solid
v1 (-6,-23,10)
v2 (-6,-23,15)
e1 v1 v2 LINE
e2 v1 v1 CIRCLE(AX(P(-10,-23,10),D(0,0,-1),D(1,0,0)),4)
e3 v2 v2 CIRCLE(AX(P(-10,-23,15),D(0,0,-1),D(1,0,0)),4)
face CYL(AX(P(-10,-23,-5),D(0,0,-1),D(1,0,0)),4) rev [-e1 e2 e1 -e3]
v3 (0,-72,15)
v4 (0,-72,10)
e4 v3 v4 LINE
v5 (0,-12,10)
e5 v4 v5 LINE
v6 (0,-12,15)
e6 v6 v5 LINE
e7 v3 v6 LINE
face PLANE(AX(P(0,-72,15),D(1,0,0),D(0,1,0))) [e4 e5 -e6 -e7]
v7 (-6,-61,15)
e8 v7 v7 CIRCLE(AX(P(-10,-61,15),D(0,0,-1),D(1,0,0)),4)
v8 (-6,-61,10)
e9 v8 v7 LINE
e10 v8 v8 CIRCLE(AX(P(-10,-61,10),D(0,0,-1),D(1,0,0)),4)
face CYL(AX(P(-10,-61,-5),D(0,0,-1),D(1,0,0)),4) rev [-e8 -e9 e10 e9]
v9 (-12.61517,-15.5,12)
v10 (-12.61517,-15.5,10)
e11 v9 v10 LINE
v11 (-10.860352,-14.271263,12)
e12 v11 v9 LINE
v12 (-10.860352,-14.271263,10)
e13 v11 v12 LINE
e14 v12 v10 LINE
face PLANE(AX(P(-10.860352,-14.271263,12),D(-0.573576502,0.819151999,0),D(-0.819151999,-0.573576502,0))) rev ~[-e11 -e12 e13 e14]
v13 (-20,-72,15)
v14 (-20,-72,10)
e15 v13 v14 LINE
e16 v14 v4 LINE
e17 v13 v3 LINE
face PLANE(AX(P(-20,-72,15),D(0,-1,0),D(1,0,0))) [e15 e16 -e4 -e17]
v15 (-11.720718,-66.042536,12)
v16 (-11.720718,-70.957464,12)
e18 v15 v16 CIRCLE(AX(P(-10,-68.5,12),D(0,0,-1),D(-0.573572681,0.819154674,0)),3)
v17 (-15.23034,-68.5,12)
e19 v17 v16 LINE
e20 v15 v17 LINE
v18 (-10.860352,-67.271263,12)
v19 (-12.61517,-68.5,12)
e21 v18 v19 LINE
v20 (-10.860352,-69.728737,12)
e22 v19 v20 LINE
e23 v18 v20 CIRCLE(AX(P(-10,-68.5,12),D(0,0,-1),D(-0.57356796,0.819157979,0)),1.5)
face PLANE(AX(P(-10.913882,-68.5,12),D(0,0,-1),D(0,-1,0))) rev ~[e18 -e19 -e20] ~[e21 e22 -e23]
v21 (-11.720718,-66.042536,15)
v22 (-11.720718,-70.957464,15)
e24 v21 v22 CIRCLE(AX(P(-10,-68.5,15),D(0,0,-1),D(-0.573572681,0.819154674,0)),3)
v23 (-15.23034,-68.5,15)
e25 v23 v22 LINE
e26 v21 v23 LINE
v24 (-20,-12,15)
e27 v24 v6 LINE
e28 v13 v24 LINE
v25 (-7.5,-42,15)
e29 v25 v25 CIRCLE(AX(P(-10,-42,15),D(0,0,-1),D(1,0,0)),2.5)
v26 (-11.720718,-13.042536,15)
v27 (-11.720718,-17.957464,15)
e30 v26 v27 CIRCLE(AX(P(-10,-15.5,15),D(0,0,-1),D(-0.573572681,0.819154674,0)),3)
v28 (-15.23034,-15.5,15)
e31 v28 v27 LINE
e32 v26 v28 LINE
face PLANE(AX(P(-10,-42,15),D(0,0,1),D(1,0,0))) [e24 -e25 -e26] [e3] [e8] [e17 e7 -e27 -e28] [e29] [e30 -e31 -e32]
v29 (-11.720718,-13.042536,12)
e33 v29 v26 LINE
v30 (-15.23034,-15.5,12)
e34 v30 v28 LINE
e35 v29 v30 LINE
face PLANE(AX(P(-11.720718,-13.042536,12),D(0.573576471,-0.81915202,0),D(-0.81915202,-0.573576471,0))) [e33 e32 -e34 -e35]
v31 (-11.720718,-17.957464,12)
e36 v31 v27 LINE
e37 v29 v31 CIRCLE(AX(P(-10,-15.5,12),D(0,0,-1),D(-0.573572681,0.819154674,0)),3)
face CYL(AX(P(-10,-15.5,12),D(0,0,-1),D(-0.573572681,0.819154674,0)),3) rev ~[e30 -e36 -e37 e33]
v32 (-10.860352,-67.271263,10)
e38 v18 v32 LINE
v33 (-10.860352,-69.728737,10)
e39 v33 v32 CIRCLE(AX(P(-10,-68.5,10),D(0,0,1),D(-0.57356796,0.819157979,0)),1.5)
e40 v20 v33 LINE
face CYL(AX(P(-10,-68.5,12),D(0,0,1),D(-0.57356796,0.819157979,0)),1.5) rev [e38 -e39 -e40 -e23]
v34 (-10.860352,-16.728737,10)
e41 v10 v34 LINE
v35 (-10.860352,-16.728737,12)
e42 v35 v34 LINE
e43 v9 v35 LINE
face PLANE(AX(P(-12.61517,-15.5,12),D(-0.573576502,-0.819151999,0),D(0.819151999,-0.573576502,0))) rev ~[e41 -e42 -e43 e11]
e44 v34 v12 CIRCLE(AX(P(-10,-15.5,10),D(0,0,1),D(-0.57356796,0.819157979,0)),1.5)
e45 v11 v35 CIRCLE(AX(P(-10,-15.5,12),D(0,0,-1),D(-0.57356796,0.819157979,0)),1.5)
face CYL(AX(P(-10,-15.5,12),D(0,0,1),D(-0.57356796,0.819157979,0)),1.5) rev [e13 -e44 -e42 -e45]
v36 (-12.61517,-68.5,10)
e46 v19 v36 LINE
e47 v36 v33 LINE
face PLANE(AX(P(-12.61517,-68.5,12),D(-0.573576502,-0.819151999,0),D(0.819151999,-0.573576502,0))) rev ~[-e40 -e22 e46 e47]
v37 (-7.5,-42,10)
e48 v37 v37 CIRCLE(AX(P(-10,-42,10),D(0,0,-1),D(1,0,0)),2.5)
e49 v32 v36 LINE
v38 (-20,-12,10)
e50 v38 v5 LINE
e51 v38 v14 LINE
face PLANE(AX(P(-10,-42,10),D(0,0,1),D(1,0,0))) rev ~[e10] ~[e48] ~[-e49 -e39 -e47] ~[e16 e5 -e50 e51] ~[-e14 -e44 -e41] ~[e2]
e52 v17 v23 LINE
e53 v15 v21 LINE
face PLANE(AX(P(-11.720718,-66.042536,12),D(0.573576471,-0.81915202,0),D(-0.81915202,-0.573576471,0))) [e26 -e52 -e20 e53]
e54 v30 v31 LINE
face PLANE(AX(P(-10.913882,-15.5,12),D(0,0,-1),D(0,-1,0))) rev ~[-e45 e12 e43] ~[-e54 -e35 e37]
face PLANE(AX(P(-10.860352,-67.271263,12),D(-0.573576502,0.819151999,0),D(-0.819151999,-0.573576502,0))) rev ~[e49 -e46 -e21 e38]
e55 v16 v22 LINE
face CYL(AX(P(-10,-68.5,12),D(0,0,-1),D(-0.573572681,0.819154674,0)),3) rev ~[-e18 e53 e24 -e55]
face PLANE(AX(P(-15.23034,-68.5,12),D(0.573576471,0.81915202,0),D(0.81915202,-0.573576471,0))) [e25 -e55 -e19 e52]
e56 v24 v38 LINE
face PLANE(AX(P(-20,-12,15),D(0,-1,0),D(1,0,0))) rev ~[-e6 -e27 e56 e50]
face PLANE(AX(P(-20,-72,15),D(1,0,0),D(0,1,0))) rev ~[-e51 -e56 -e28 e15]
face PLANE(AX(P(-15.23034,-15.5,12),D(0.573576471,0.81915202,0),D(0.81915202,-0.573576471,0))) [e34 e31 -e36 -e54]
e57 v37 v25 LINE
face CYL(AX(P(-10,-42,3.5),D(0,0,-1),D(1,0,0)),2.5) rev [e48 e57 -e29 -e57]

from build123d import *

# Parameters (mm, degrees)
PAD022_DEPTH             = 10
PAD023_DEPTH             = 20
CLONE091_PITCH_ANGLE     = 90
CLONE091_PLACEMENT_ANGLE = 90
CLONE090_ROLL_ANGLE      = 180
CLONE090_PLACEMENT_ANGLE = -90
CYLINDER1003_R           = 8
CYLINDER1003_DEPTH       = 5
CYLINDER1014_R           = 2.5
CYLINDER1014_DEPTH       = 100
CYLINDER1006_R           = 4
CYLINDER1006_DEPTH       = 70
ARRAY005_Y_COUNT         = 2
ARRAY005_Y_PITCH         = 38
PAD007_DEPTH             = 2.7
ARRAY002_Y_COUNT         = 2
ARRAY002_Y_PITCH         = 20
ARRAY001_Y_COUNT         = 2
ARRAY001_Y_PITCH         = 53
PAD020_DEPTH             = 10
PAD021_DEPTH             = 20
CLONE089_PLACEMENT_ANGLE = 90
ARRAY004_Y_COUNT         = 2
ARRAY004_Y_PITCH         = 20
CLONE088_ROLL_ANGLE      = 180
CLONE088_PLACEMENT_ANGLE = -90
ARRAY003_Y_COUNT         = 2
ARRAY003_Y_PITCH         = 53
PAD_DEPTH                = 20
CHAMFER_1_SIZE           = 16
CHAMFER_2_SIZE           = 5
SKETCH020_W              = 64
SKETCH020_H              = 45
POCKET_DEPTH             = 20.001
SKETCH021_W              = 52.5
SKETCH021_H              = 16
POCKET001_DEPTH          = 20.001
SKETCH022_W              = 25
SKETCH022_H              = 25
PAD019_DEPTH             = 50
CHAMFER017_SIZE          = 5
SKETCH023_W              = 20
SKETCH023_H              = 25
POCKET002_DEPTH          = 50.001
FILLET_1_R               = 4
FILLET_2_R               = 2
EXTRUDE_DEPTH            = 5
ARRAY_Z_COUNT            = 2
ARRAY_Z_PITCH            = 15
SKETCH025_W              = 20
SKETCH025_H              = 60
EXTRUDE001_DEPTH         = 5


with BuildPart() as m4tearbolt:
    # Sketch028 → Pad022 (new body)
    with BuildSketch(Plane.XY):
        with BuildLine():
            ThreePointArc((-3.2766, 2.294318), (0, -4), (3.2766, 2.294318))
            Line((0, 6.973787), (3.2766, 2.294318))
            Line((-3.2766, 2.294318), (0, 6.973787))
        make_face()
    extrude(amount=-PAD022_DEPTH)

    # Sketch029 → Pad023 (new body)
    with BuildSketch(Plane.XY):
        with BuildLine():
            ThreePointArc((-1.638314, 1.147138), (0, -2), (1.638314, 1.147138))
            Line((0, 3.486894), (1.638314, 1.147138))
            Line((-1.638314, 1.147138), (0, 3.486894))
        make_face()
    extrude(amount=PAD023_DEPTH)


with BuildPart() as clone_of_m4tearbolt001:
    # Clone091 base: copy of M4TearBolt
    add(m4tearbolt.part)


with BuildPart() as clone_of_m4tearbolt001_1:
    # Clone091 pitch: moved
    add(clone_of_m4tearbolt001.part.rotate(Axis((0, 0, 0), (0, 1, 0)), CLONE091_PITCH_ANGLE))


with BuildPart() as clone_of_m4tearbolt001_2:
    # Clone091 placement: moved
    add(clone_of_m4tearbolt001_1.part.moved(Location((-37, -15, 0))).rotate(Axis((-37, -15, 0), (0, 0, 1)), CLONE091_PLACEMENT_ANGLE))


with BuildPart() as clone_of_m4tearbolt:
    # Clone090 base: copy of M4TearBolt
    add(m4tearbolt.part)


with BuildPart() as clone_of_m4tearbolt_1:
    # Clone090 roll: moved
    add(clone_of_m4tearbolt.part.rotate(Axis((0, 0, 0), (1, 0, 0)), CLONE090_ROLL_ANGLE))


with BuildPart() as clone_of_m4tearbolt_2:
    # Clone090 placement: moved
    add(clone_of_m4tearbolt_1.part.moved(Location((-12, 0, 15))).rotate(Axis((-12, 0, 15), (0, 0, 1)), CLONE090_PLACEMENT_ANGLE))


with BuildPart() as clone_of_bearing625zzmaster:
    # Cylinder1003 → Cylinder1003 (new body)
    with BuildSketch(Plane.XY):
        Circle(CYLINDER1003_R)
    extrude(amount=CYLINDER1003_DEPTH)


with BuildPart() as clone_of_bearing625zzmaster_1:
    # Clone093 placement: moved
    add(clone_of_bearing625zzmaster.part.moved(Location((-10, -42, 5))))


with BuildPart() as f_5mmrodmaster:
    # Cylinder1014 → Cylinder1014 (new body)
    with BuildSketch(Plane.XY):
        Circle(CYLINDER1014_R)
    extrude(amount=CYLINDER1014_DEPTH)


with BuildPart() as clone_of_5mmrodmaster001:
    # Clone095 base: copy of 5mmRodMaster
    add(f_5mmrodmaster.part)


with BuildPart() as clone_of_5mmrodmaster001_1:
    # Clone095 placement: moved
    add(clone_of_5mmrodmaster001.part.moved(Location((-10, -18.5, 66))))


with BuildPart() as clone_of_5mmrodmaster:
    # Clone094 base: copy of 5mmRodMaster
    add(f_5mmrodmaster.part)


with BuildPart() as clone_of_5mmrodmaster_1:
    # Clone094 placement: moved
    add(clone_of_5mmrodmaster.part.moved(Location((-10, -42, 3.5))))


with BuildPart() as smrod:
    # Cylinder1006 → Cylinder1006 (new body)
    with BuildSketch(Plane.XY):
        Circle(CYLINDER1006_R)
    extrude(amount=CYLINDER1006_DEPTH)


with BuildPart() as smrod_1:
    # Clone092 placement: moved
    add(smrod.part.moved(Location((-10, -23, -5))))

    # Array005 Y: SmRod ×2


with BuildPart() as smrod_2:
    add(smrod_1.part)
    with Locations(*[(0, -i * ARRAY005_Y_PITCH, 0) for i in range(1, ARRAY005_Y_COUNT)]):
        add(smrod_1.part)


with BuildPart() as m3nuthousingmaster:
    # Sketch008 → Pad007 (new body)
    with BuildSketch(Plane.XY):
        Polygon((0, 0), (1.674316, 2.9), (21.674316, 2.9), (21.674316, -2.9), (1.674316, -2.9), align=None)
    extrude(amount=PAD007_DEPTH)


with BuildPart() as lowernuts:
    # Clone087 base: copy of M3NutHousingMaster
    add(m3nuthousingmaster.part)


with BuildPart() as lowernuts_1:
    # Clone087 placement: moved
    add(lowernuts.part.moved(Location((-15, -32, -8))))

    # Array002 Y: LowerNuts ×2


with BuildPart() as lowernuts_2:
    add(lowernuts_1.part)
    with Locations(*[(0, -i * ARRAY002_Y_PITCH, 0) for i in range(1, ARRAY002_Y_COUNT)]):
        add(lowernuts_1.part)


with BuildPart() as lowernuts_3:
    # Array002 placement: moved
    add(lowernuts_2.part.moved(Location((0, 0, 6))))


with BuildPart() as uppernuts:
    # Clone086 base: copy of M3NutHousingMaster
    add(m3nuthousingmaster.part)


with BuildPart() as uppernuts_1:
    # Clone086 placement: moved
    add(uppernuts.part.moved(Location((-14, -15.5, 3.5))))

    # Array001 Y: UpperNuts ×2


with BuildPart() as uppernuts_2:
    add(uppernuts_1.part)
    with Locations(*[(0, -i * ARRAY001_Y_PITCH, 0) for i in range(1, ARRAY001_Y_COUNT)]):
        add(uppernuts_1.part)


with BuildPart() as m3tearbolt:
    # Sketch026 → Pad020 (new body)
    with BuildSketch(Plane.XY):
        with BuildLine():
            ThreePointArc((-2.457464, 1.720718), (0, -3), (2.457464, 1.720718))
            Line((0, 5.23034), (2.457464, 1.720718))
            Line((-2.457464, 1.720718), (0, 5.23034))
        make_face()
    extrude(amount=-PAD020_DEPTH)

    # Sketch027 → Pad021 (new body)
    with BuildSketch(Plane.XY):
        with BuildLine():
            ThreePointArc((-1.228737, 0.860352), (0, -1.5), (1.228737, 0.860352))
            Line((0, 2.61517), (1.228737, 0.860352))
            Line((-1.228737, 0.860352), (0, 2.61517))
        make_face()
    extrude(amount=PAD021_DEPTH)


with BuildPart() as lowerbolts:
    # Clone089 base: copy of M3TearBolt
    add(m3tearbolt.part)


with BuildPart() as lowerbolts_1:
    # Clone089 placement: moved
    add(lowerbolts.part.moved(Location((-10.2, -32, -17))).rotate(Axis((-10.2, -32, -17), (0, 0, 1)), CLONE089_PLACEMENT_ANGLE))

    # Array004 Y: LowerBolts ×2


with BuildPart() as lowerbolts_2:
    add(lowerbolts_1.part)
    with Locations(*[(0, -i * ARRAY004_Y_PITCH, 0) for i in range(1, ARRAY004_Y_COUNT)]):
        add(lowerbolts_1.part)


with BuildPart() as upperbolts:
    # Clone088 base: copy of M3TearBolt
    add(m3tearbolt.part)


with BuildPart() as upperbolts_1:
    # Clone088 roll: moved
    add(upperbolts.part.rotate(Axis((0, 0, 0), (1, 0, 0)), CLONE088_ROLL_ANGLE))


with BuildPart() as upperbolts_2:
    # Clone088 placement: moved
    add(upperbolts_1.part.moved(Location((-10, -15.5, 12))).rotate(Axis((-10, -15.5, 12), (0, 0, 1)), CLONE088_PLACEMENT_ANGLE))

    # Array003 Y: UpperBolts ×2


with BuildPart() as upperbolts_3:
    add(upperbolts_2.part)
    with Locations(*[(0, -i * ARRAY003_Y_PITCH, 0) for i in range(1, ARRAY003_Y_COUNT)]):
        add(upperbolts_2.part)


with BuildPart() as nicefillet:
    # Sketch → Pad (new body)
    with BuildSketch(Plane.YZ):
        Polygon((0, 86), (-79, 86), (-79, -10), (-5, -10), (-5, 52.339746), (0, 61), align=None)
    extrude(amount=-PAD_DEPTH)

    # Chamfer 1
    chamfer_1_edges = [nicefillet.edges().sort_by_distance(p)[0] for p in [
        (-10, -79, 86),
    ]]
    chamfer(chamfer_1_edges, length=CHAMFER_1_SIZE)

    # Chamfer 2
    chamfer_2_edges = [nicefillet.edges().sort_by_distance(p)[0] for p in [
        (-10, 0, 86),
    ]]
    chamfer(chamfer_2_edges, length=CHAMFER_2_SIZE)

    # Sketch020 → Pocket (cut, through all)
    with BuildSketch(Plane.YZ):
        with Locations((-42, 37.5)):
            Rectangle(SKETCH020_W, SKETCH020_H)
    extrude(amount=-POCKET_DEPTH, mode=Mode.SUBTRACT)

    # Sketch021 → Pocket001 (cut, through all)
    with BuildSketch(Plane.YZ):
        with Locations((-33.75, 75.5)):
            Rectangle(SKETCH021_W, SKETCH021_H)
    extrude(amount=-POCKET001_DEPTH, mode=Mode.SUBTRACT)

    # Sketch022 → Pad019 (new body)
    with BuildSketch(Plane.YZ):
        with Locations((-2.5, 2.5)):
            Rectangle(SKETCH022_W, SKETCH022_H)
    extrude(amount=-PAD019_DEPTH)

    # Chamfer017
    chamfer017_edges = [nicefillet.edges().sort_by_distance(p)[0] for p in [
        (-10, -5, 15),
    ]]
    chamfer(chamfer017_edges, length=CHAMFER017_SIZE)

    # Sketch023 → Pocket002 (cut, through all)
    with BuildSketch(Plane.YZ):
        with Locations((0, -2.5)):
            Rectangle(SKETCH023_W, SKETCH023_H)
    extrude(amount=-POCKET002_DEPTH, mode=Mode.SUBTRACT)

    # Fillet 1
    fillet_1_edges = [nicefillet.edges().sort_by_distance(p)[0] for p in [
        (-35, -15, 15),
    ]]
    fillet(fillet_1_edges, radius=FILLET_1_R)

    # Fillet 2
    fillet_2_edges = [nicefillet.edges().sort_by_distance(p)[0] for p in [
        (-10, -5, 20),
        (-10, -5, 52.339746),
        (-10, 0, 15),
        (-10, 0, 61),
        (-10, 0, 81),
        (-10, -5, 86),
        (-10, -63, 86),
        (-10, -79, 70),
    ]]
    fillet(fillet_2_edges, radius=FILLET_2_R)


with BuildPart() as componentscut:
    # Sketch024 → Extrude (new body)
    with BuildSketch(Plane.XY.offset(15)):
        with BuildLine():
            Line((-42, -12), (-18, -12))
            Line((-18, -12), (-18, -67))
            add(Edge.make_bspline(
                [(-18, -67), (-21.374537, -28.653178), (-42, -12)],
                knots=[4.860682, 4.860682, 4.860682, 5.839233, 5.839233, 5.839233], degree=2, weights=[1, 0.882673, 1]))
        make_face()
    extrude(amount=-EXTRUDE_DEPTH)


with BuildPart() as componentscut_1:
    # Extrude placement: moved
    add(componentscut.part.moved(Location((0, 0, -5))))

    # Array Z: ComponentsCut ×2


with BuildPart() as componentscut_2:
    add(componentscut_1.part)
    with Locations(*[(0, 0, -i * ARRAY_Z_PITCH) for i in range(1, ARRAY_Z_COUNT)]):
        add(componentscut_1.part)

    # Fusion: union NiceFillet
    add(nicefillet.part)

    # Cut: cut UpperBolts
    add(upperbolts_3.part, mode=Mode.SUBTRACT)

    # Cut001: cut LowerBolts
    add(lowerbolts_2.part, mode=Mode.SUBTRACT)

    # Cut002: cut UpperNuts
    add(uppernuts_2.part, mode=Mode.SUBTRACT)

    # Cut003: cut LowerNuts
    add(lowernuts_3.part, mode=Mode.SUBTRACT)

    # Cut004: cut SmRod
    add(smrod_2.part, mode=Mode.SUBTRACT)

    # Cut005: cut Clone of 5mmRodMaster
    add(clone_of_5mmrodmaster_1.part, mode=Mode.SUBTRACT)

    # Cut006: cut Clone of 5mmRodMaster001
    add(clone_of_5mmrodmaster001_1.part, mode=Mode.SUBTRACT)

    # Cut007: cut Clone of Bearing625ZZMaster
    add(clone_of_bearing625zzmaster_1.part, mode=Mode.SUBTRACT)

    # Cut008: cut Clone of M4TearBolt
    add(clone_of_m4tearbolt_2.part, mode=Mode.SUBTRACT)

    # Cut009: cut Clone of M4TearBolt001
    add(clone_of_m4tearbolt001_2.part, mode=Mode.SUBTRACT)


with BuildPart() as upperlidcommon:
    # Sketch025 → Extrude001 (new body)
    with BuildSketch(Plane.XY.offset(15)):
        with Locations((-10, -42)):
            Rectangle(SKETCH025_W, SKETCH025_H)
    extrude(amount=-EXTRUDE001_DEPTH)

    # Common: intersect ComponentsCut
    add(componentscut_2.part, mode=Mode.INTERSECT)


solid = upperlidcommon.part
